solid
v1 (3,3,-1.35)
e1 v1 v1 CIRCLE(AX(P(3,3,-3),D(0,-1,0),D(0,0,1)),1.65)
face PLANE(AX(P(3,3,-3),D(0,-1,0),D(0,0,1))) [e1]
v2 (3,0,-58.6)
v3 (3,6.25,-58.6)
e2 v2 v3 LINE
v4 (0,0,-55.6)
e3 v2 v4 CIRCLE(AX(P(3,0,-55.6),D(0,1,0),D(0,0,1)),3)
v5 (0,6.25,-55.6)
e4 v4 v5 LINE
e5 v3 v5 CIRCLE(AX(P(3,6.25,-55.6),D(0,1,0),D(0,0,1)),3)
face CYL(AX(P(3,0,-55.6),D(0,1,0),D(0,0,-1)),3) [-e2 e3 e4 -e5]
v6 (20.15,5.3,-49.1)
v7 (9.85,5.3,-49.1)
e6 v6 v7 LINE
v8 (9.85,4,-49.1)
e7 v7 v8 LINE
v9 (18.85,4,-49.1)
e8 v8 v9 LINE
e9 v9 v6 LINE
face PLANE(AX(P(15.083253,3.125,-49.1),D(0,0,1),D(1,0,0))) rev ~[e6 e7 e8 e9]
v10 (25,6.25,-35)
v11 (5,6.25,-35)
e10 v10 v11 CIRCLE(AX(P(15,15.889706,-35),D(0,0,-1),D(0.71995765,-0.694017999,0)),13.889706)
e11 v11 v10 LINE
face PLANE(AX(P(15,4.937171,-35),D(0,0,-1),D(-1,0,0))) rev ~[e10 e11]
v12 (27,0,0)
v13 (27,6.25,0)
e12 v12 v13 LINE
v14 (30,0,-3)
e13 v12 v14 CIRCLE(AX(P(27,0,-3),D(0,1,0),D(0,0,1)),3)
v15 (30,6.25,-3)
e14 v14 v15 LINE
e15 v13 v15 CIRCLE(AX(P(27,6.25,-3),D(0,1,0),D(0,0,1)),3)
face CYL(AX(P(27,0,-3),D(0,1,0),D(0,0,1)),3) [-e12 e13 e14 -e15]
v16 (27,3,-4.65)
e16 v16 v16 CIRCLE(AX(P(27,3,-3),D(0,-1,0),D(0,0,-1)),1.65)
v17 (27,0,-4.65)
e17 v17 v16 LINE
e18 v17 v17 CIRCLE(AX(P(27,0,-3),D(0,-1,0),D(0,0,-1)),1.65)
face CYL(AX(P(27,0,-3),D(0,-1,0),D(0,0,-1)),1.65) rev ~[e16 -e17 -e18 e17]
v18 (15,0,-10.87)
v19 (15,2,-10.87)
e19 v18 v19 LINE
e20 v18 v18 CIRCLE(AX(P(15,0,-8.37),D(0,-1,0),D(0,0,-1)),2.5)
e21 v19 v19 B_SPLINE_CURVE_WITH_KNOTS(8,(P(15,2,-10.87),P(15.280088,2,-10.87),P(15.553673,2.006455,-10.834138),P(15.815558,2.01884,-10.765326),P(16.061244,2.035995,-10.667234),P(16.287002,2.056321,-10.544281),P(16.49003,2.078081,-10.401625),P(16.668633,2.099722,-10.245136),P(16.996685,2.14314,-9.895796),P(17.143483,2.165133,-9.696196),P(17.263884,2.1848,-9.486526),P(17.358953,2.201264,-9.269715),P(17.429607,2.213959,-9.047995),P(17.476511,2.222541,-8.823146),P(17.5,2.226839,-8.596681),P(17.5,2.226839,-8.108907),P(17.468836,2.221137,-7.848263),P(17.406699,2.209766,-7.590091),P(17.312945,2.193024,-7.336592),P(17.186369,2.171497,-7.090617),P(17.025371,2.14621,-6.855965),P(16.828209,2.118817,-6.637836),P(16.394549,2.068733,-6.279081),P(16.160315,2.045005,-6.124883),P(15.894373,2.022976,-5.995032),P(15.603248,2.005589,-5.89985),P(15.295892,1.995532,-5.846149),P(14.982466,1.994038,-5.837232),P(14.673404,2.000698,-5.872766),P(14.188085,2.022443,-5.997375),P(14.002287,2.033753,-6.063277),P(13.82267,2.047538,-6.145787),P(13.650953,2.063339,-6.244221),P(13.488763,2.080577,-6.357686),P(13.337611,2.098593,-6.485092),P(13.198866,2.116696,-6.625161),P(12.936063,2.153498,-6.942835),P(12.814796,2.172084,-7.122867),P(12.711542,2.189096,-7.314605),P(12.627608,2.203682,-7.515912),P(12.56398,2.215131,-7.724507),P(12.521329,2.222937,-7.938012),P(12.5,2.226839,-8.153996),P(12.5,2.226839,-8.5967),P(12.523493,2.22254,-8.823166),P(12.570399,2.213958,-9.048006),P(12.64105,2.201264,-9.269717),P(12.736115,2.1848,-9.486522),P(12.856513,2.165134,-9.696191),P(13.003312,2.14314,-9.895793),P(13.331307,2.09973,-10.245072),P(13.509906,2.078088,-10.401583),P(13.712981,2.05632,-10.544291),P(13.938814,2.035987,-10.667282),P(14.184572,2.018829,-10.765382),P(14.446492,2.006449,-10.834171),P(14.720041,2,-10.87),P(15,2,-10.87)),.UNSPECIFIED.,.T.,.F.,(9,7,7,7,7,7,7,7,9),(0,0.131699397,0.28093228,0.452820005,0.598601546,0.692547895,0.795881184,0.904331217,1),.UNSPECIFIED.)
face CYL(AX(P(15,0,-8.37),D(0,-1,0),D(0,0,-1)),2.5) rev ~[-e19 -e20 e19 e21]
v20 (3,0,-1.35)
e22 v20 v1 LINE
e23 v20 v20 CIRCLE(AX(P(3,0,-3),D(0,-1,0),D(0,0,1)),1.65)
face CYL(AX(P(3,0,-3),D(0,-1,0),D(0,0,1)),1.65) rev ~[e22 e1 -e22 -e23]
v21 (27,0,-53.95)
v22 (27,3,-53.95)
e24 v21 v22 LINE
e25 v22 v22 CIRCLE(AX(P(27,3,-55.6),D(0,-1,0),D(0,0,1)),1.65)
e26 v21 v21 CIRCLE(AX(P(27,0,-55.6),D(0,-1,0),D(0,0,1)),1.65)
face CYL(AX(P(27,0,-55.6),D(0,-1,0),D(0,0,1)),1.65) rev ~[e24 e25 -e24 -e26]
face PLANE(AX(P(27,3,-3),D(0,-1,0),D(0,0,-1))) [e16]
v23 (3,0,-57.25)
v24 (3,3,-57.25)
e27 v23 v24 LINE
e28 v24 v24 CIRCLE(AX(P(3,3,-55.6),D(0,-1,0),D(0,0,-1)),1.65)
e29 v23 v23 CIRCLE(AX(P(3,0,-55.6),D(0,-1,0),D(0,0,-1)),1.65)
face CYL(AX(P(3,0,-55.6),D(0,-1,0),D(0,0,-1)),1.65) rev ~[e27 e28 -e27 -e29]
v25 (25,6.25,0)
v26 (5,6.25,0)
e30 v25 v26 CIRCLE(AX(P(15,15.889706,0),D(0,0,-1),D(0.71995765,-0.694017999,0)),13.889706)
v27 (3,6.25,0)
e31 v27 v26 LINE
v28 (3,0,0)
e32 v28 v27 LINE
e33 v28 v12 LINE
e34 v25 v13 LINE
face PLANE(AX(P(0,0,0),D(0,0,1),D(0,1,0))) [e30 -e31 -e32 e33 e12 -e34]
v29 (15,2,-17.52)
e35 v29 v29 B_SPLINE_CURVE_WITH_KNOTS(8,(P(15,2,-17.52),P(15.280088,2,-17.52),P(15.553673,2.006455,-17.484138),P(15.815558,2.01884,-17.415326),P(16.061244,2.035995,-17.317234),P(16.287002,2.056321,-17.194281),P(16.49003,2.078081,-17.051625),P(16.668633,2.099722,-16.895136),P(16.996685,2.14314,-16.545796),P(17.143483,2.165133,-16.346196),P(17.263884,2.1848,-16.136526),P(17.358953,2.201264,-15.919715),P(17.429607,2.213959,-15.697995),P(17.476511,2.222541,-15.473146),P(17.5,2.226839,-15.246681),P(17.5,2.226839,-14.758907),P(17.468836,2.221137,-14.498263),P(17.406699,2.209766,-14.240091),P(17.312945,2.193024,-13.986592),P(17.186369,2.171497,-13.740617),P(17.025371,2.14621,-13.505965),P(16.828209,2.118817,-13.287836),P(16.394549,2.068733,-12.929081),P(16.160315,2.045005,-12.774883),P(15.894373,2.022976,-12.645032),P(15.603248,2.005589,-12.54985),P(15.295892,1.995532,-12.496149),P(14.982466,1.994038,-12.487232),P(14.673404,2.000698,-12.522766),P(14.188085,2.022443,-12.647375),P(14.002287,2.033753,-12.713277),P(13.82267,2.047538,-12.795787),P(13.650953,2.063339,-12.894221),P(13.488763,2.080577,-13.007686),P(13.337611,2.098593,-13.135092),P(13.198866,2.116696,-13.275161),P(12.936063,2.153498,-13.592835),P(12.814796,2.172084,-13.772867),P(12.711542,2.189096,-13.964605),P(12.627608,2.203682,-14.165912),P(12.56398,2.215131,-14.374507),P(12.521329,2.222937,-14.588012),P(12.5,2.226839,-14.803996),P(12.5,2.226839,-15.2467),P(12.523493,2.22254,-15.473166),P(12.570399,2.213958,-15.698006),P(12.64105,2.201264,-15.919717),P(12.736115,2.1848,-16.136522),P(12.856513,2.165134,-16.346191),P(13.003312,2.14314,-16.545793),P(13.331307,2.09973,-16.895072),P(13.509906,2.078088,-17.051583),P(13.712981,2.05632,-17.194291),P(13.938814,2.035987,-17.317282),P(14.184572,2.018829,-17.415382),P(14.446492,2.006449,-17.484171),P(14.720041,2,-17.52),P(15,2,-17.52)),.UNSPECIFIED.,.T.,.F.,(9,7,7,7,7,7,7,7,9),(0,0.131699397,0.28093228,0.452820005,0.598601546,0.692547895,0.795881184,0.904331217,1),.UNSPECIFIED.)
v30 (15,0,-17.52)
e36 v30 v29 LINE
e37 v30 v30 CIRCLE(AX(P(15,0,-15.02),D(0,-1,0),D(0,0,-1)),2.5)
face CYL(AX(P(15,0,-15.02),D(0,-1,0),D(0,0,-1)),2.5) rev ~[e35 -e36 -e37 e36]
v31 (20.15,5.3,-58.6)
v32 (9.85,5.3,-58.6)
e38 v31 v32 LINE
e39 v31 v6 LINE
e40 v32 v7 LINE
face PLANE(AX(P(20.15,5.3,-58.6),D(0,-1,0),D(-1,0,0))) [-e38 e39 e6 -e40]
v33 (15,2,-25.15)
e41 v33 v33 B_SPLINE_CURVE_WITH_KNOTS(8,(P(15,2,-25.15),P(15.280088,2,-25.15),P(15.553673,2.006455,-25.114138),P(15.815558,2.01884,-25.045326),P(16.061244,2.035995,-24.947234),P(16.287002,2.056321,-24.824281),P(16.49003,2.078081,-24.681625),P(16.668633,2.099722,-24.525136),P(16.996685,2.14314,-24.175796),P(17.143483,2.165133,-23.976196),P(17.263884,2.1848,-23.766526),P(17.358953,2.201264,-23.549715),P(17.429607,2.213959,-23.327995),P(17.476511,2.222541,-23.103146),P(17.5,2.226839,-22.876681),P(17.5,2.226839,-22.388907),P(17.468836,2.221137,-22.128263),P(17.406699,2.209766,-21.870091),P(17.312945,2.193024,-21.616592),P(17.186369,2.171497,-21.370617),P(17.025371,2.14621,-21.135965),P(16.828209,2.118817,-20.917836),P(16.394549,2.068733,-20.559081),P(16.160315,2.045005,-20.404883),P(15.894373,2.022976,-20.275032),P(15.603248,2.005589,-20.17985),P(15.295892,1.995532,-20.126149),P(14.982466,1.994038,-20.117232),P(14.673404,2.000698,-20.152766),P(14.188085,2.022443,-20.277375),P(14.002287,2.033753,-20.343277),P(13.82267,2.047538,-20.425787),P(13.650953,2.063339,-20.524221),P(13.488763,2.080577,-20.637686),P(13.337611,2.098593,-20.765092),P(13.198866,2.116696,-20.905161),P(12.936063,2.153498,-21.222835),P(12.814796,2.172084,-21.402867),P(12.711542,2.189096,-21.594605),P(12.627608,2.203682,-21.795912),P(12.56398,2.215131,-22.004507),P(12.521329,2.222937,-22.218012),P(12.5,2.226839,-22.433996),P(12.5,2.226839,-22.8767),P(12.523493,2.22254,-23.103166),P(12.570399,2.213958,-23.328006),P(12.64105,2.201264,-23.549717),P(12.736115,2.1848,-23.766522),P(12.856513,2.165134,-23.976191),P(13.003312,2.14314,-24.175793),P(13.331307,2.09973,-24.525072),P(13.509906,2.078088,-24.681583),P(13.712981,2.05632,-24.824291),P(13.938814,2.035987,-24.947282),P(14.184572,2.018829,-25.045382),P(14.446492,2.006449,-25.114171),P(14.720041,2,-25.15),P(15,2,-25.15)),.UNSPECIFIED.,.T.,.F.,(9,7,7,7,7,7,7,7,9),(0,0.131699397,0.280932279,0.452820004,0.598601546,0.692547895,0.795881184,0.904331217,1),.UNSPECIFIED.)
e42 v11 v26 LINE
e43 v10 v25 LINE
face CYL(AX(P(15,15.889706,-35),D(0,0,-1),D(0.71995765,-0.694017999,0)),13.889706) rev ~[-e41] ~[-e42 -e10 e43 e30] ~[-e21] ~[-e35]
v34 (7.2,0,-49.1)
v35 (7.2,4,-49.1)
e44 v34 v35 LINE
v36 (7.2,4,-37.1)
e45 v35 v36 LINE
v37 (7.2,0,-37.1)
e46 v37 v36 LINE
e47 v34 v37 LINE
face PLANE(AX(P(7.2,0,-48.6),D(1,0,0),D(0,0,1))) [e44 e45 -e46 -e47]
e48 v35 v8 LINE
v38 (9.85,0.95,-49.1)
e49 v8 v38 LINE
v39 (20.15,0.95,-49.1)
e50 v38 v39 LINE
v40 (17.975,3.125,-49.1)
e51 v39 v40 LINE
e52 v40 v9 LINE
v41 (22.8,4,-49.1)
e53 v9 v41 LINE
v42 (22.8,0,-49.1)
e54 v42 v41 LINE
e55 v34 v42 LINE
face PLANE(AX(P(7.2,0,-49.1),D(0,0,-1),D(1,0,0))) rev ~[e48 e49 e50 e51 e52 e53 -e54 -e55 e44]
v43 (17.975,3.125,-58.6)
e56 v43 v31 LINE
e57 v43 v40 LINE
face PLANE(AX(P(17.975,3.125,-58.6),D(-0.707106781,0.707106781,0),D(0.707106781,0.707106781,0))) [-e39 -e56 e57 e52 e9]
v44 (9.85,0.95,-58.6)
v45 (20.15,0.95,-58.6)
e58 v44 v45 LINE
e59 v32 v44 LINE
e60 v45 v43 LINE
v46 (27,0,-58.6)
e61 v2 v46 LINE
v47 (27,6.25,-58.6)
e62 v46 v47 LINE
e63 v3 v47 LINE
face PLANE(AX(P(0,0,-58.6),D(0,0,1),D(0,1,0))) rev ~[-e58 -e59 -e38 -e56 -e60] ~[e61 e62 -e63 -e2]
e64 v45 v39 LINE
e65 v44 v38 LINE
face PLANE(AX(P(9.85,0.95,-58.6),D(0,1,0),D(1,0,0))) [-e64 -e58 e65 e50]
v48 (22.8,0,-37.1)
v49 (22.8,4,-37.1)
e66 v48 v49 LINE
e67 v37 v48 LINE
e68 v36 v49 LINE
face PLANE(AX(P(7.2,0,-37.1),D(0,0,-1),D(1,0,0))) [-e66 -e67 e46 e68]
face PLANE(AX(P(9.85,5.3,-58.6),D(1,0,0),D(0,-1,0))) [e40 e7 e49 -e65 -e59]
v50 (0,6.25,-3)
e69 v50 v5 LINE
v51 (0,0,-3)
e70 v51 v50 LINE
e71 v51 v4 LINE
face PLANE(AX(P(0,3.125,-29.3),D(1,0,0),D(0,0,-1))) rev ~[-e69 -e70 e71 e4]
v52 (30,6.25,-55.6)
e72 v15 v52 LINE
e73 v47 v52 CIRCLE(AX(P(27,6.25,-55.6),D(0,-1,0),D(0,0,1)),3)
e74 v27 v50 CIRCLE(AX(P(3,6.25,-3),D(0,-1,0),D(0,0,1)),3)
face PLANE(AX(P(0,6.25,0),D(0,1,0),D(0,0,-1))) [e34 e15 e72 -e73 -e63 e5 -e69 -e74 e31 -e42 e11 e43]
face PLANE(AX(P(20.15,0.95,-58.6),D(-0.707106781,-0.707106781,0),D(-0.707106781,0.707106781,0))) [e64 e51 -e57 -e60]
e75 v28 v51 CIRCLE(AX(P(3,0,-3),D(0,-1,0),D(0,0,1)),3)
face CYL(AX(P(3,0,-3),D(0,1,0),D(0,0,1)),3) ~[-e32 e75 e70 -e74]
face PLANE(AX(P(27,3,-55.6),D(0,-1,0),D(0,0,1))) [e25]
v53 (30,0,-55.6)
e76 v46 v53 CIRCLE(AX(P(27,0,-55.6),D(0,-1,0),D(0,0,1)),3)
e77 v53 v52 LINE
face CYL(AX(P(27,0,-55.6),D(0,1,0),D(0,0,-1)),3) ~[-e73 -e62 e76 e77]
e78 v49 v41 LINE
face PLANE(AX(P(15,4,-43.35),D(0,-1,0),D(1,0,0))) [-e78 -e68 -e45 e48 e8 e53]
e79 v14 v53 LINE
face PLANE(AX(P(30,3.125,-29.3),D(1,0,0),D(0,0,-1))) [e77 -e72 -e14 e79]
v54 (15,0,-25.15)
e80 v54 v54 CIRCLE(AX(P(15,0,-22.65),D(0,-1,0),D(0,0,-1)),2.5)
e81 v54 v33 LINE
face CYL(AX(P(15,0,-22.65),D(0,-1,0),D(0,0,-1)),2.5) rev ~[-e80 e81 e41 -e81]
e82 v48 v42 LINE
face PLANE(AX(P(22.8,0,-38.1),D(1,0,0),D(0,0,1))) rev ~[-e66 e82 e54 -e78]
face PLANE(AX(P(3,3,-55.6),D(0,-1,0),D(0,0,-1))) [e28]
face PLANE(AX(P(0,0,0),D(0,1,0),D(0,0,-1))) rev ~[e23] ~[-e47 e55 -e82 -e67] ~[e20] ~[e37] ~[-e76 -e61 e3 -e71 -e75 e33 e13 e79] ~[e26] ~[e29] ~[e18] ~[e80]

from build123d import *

# Parameters (mm, degrees)
SKETCH1_W               = 58.6
SKETCH1_H               = 6.25
BOSS_EXTRUDE1_DEPTH     = 30
CUT_EXTRUDE1_DEPTH      = 67.128832592
CUT_EXTRUDE1_DEPTH_BACK = 35
SKETCH4_R               = 2.5
SKETCH4_W               = 15.6
SKETCH4_H               = 10.5
CUT_EXTRUDE2_DEPTH      = 4
CUT_EXTRUDE3_DEPTH      = 9.5
SKETCH6_W               = 15.6
SKETCH6_H               = 1
SKETCH6_H_2             = 0.5
CUT_EXTRUDE4_DEPTH      = 4
FILLET1_R               = 3
SKETCH7_R               = 1.65
CUT_EXTRUDE5_DEPTH      = 3


with BuildPart() as part:
    # Sketch1 → Boss-Extrude1 (new body)
    with BuildSketch(Plane(origin=(0, 0, 0), x_dir=(0, 0, -1), z_dir=(1, 0, 0))):
        with Locations((29.3, 3.125)):
            Rectangle(SKETCH1_W, SKETCH1_H)
    extrude(amount=BOSS_EXTRUDE1_DEPTH)

    # Sketch2 → Cut-Extrude1 (cut, two sides: drawn at the far end of the back side and taken through both)
    with BuildSketch(Plane.XY.offset(-CUT_EXTRUDE1_DEPTH_BACK)):
        with BuildLine():
            Line((5, 6.25), (25, 6.25))
            ThreePointArc((25, 6.25), (15, 2), (5, 6.25))
        make_face()
    extrude(amount=CUT_EXTRUDE1_DEPTH + CUT_EXTRUDE1_DEPTH_BACK, mode=Mode.SUBTRACT)

    # Sketch4 → Cut-Extrude2 (cut)
    with BuildSketch(Plane.XZ):
        with Locations(Location((15, -8.37, 0), (0, 0, 270))):
            Circle(SKETCH4_R)
        with Locations(Location((15, -15.02, 0), (0, 0, 270))):
            Circle(SKETCH4_R)
        with Locations(Location((15, -22.65, 0), (0, 0, 270))):
            Circle(SKETCH4_R)
        with Locations((15, -43.35)):
            Rectangle(SKETCH4_W, SKETCH4_H)
    extrude(amount=-CUT_EXTRUDE2_DEPTH, mode=Mode.SUBTRACT)

    # Sketch5 → Cut-Extrude3 (cut)
    with BuildSketch(Plane(origin=(0, 0, -58.6), x_dir=(-1, 0, 0), z_dir=(0, 0, -1))):
        Polygon((-9.85, 0.95), (-20.15, 0.95), (-17.975, 3.125), (-20.15, 5.3), (-9.85, 5.3), align=None)
    extrude(amount=-CUT_EXTRUDE3_DEPTH, mode=Mode.SUBTRACT)

    # Sketch6 → Cut-Extrude4 (cut)
    with BuildSketch(Plane.XZ):
        with Locations((15, -37.6)):
            Rectangle(SKETCH6_W, SKETCH6_H)
        with Locations((15, -48.85)):
            Rectangle(SKETCH6_W, SKETCH6_H_2)
    extrude(amount=-CUT_EXTRUDE4_DEPTH, mode=Mode.SUBTRACT)

    # Fillet1
    fillet1_edges = [part.edges().sort_by_distance(p)[0] for p in [
        (30, 3.125, -58.6),
        (30, 3.125, 0),
        (0, 3.125, -58.6),
        (0, 3.125, 0),
    ]]
    fillet(fillet1_edges, radius=FILLET1_R)

    # Sketch7 → Cut-Extrude5 (cut)
    with BuildSketch(Plane.XZ):
        with Locations(Location((3, -55.6, 0), (0, 0, 270))):
            Circle(SKETCH7_R)
        with Locations(Location((27, -55.6, 0), (0, 0, 90))):
            Circle(SKETCH7_R)
        with Locations(Location((27, -3, 0), (0, 0, 270))):
            Circle(SKETCH7_R)
        with Locations(Location((3, -3, 0), (0, 0, 90))):
            Circle(SKETCH7_R)
    extrude(amount=-CUT_EXTRUDE5_DEPTH, mode=Mode.SUBTRACT)


solid = part.part
